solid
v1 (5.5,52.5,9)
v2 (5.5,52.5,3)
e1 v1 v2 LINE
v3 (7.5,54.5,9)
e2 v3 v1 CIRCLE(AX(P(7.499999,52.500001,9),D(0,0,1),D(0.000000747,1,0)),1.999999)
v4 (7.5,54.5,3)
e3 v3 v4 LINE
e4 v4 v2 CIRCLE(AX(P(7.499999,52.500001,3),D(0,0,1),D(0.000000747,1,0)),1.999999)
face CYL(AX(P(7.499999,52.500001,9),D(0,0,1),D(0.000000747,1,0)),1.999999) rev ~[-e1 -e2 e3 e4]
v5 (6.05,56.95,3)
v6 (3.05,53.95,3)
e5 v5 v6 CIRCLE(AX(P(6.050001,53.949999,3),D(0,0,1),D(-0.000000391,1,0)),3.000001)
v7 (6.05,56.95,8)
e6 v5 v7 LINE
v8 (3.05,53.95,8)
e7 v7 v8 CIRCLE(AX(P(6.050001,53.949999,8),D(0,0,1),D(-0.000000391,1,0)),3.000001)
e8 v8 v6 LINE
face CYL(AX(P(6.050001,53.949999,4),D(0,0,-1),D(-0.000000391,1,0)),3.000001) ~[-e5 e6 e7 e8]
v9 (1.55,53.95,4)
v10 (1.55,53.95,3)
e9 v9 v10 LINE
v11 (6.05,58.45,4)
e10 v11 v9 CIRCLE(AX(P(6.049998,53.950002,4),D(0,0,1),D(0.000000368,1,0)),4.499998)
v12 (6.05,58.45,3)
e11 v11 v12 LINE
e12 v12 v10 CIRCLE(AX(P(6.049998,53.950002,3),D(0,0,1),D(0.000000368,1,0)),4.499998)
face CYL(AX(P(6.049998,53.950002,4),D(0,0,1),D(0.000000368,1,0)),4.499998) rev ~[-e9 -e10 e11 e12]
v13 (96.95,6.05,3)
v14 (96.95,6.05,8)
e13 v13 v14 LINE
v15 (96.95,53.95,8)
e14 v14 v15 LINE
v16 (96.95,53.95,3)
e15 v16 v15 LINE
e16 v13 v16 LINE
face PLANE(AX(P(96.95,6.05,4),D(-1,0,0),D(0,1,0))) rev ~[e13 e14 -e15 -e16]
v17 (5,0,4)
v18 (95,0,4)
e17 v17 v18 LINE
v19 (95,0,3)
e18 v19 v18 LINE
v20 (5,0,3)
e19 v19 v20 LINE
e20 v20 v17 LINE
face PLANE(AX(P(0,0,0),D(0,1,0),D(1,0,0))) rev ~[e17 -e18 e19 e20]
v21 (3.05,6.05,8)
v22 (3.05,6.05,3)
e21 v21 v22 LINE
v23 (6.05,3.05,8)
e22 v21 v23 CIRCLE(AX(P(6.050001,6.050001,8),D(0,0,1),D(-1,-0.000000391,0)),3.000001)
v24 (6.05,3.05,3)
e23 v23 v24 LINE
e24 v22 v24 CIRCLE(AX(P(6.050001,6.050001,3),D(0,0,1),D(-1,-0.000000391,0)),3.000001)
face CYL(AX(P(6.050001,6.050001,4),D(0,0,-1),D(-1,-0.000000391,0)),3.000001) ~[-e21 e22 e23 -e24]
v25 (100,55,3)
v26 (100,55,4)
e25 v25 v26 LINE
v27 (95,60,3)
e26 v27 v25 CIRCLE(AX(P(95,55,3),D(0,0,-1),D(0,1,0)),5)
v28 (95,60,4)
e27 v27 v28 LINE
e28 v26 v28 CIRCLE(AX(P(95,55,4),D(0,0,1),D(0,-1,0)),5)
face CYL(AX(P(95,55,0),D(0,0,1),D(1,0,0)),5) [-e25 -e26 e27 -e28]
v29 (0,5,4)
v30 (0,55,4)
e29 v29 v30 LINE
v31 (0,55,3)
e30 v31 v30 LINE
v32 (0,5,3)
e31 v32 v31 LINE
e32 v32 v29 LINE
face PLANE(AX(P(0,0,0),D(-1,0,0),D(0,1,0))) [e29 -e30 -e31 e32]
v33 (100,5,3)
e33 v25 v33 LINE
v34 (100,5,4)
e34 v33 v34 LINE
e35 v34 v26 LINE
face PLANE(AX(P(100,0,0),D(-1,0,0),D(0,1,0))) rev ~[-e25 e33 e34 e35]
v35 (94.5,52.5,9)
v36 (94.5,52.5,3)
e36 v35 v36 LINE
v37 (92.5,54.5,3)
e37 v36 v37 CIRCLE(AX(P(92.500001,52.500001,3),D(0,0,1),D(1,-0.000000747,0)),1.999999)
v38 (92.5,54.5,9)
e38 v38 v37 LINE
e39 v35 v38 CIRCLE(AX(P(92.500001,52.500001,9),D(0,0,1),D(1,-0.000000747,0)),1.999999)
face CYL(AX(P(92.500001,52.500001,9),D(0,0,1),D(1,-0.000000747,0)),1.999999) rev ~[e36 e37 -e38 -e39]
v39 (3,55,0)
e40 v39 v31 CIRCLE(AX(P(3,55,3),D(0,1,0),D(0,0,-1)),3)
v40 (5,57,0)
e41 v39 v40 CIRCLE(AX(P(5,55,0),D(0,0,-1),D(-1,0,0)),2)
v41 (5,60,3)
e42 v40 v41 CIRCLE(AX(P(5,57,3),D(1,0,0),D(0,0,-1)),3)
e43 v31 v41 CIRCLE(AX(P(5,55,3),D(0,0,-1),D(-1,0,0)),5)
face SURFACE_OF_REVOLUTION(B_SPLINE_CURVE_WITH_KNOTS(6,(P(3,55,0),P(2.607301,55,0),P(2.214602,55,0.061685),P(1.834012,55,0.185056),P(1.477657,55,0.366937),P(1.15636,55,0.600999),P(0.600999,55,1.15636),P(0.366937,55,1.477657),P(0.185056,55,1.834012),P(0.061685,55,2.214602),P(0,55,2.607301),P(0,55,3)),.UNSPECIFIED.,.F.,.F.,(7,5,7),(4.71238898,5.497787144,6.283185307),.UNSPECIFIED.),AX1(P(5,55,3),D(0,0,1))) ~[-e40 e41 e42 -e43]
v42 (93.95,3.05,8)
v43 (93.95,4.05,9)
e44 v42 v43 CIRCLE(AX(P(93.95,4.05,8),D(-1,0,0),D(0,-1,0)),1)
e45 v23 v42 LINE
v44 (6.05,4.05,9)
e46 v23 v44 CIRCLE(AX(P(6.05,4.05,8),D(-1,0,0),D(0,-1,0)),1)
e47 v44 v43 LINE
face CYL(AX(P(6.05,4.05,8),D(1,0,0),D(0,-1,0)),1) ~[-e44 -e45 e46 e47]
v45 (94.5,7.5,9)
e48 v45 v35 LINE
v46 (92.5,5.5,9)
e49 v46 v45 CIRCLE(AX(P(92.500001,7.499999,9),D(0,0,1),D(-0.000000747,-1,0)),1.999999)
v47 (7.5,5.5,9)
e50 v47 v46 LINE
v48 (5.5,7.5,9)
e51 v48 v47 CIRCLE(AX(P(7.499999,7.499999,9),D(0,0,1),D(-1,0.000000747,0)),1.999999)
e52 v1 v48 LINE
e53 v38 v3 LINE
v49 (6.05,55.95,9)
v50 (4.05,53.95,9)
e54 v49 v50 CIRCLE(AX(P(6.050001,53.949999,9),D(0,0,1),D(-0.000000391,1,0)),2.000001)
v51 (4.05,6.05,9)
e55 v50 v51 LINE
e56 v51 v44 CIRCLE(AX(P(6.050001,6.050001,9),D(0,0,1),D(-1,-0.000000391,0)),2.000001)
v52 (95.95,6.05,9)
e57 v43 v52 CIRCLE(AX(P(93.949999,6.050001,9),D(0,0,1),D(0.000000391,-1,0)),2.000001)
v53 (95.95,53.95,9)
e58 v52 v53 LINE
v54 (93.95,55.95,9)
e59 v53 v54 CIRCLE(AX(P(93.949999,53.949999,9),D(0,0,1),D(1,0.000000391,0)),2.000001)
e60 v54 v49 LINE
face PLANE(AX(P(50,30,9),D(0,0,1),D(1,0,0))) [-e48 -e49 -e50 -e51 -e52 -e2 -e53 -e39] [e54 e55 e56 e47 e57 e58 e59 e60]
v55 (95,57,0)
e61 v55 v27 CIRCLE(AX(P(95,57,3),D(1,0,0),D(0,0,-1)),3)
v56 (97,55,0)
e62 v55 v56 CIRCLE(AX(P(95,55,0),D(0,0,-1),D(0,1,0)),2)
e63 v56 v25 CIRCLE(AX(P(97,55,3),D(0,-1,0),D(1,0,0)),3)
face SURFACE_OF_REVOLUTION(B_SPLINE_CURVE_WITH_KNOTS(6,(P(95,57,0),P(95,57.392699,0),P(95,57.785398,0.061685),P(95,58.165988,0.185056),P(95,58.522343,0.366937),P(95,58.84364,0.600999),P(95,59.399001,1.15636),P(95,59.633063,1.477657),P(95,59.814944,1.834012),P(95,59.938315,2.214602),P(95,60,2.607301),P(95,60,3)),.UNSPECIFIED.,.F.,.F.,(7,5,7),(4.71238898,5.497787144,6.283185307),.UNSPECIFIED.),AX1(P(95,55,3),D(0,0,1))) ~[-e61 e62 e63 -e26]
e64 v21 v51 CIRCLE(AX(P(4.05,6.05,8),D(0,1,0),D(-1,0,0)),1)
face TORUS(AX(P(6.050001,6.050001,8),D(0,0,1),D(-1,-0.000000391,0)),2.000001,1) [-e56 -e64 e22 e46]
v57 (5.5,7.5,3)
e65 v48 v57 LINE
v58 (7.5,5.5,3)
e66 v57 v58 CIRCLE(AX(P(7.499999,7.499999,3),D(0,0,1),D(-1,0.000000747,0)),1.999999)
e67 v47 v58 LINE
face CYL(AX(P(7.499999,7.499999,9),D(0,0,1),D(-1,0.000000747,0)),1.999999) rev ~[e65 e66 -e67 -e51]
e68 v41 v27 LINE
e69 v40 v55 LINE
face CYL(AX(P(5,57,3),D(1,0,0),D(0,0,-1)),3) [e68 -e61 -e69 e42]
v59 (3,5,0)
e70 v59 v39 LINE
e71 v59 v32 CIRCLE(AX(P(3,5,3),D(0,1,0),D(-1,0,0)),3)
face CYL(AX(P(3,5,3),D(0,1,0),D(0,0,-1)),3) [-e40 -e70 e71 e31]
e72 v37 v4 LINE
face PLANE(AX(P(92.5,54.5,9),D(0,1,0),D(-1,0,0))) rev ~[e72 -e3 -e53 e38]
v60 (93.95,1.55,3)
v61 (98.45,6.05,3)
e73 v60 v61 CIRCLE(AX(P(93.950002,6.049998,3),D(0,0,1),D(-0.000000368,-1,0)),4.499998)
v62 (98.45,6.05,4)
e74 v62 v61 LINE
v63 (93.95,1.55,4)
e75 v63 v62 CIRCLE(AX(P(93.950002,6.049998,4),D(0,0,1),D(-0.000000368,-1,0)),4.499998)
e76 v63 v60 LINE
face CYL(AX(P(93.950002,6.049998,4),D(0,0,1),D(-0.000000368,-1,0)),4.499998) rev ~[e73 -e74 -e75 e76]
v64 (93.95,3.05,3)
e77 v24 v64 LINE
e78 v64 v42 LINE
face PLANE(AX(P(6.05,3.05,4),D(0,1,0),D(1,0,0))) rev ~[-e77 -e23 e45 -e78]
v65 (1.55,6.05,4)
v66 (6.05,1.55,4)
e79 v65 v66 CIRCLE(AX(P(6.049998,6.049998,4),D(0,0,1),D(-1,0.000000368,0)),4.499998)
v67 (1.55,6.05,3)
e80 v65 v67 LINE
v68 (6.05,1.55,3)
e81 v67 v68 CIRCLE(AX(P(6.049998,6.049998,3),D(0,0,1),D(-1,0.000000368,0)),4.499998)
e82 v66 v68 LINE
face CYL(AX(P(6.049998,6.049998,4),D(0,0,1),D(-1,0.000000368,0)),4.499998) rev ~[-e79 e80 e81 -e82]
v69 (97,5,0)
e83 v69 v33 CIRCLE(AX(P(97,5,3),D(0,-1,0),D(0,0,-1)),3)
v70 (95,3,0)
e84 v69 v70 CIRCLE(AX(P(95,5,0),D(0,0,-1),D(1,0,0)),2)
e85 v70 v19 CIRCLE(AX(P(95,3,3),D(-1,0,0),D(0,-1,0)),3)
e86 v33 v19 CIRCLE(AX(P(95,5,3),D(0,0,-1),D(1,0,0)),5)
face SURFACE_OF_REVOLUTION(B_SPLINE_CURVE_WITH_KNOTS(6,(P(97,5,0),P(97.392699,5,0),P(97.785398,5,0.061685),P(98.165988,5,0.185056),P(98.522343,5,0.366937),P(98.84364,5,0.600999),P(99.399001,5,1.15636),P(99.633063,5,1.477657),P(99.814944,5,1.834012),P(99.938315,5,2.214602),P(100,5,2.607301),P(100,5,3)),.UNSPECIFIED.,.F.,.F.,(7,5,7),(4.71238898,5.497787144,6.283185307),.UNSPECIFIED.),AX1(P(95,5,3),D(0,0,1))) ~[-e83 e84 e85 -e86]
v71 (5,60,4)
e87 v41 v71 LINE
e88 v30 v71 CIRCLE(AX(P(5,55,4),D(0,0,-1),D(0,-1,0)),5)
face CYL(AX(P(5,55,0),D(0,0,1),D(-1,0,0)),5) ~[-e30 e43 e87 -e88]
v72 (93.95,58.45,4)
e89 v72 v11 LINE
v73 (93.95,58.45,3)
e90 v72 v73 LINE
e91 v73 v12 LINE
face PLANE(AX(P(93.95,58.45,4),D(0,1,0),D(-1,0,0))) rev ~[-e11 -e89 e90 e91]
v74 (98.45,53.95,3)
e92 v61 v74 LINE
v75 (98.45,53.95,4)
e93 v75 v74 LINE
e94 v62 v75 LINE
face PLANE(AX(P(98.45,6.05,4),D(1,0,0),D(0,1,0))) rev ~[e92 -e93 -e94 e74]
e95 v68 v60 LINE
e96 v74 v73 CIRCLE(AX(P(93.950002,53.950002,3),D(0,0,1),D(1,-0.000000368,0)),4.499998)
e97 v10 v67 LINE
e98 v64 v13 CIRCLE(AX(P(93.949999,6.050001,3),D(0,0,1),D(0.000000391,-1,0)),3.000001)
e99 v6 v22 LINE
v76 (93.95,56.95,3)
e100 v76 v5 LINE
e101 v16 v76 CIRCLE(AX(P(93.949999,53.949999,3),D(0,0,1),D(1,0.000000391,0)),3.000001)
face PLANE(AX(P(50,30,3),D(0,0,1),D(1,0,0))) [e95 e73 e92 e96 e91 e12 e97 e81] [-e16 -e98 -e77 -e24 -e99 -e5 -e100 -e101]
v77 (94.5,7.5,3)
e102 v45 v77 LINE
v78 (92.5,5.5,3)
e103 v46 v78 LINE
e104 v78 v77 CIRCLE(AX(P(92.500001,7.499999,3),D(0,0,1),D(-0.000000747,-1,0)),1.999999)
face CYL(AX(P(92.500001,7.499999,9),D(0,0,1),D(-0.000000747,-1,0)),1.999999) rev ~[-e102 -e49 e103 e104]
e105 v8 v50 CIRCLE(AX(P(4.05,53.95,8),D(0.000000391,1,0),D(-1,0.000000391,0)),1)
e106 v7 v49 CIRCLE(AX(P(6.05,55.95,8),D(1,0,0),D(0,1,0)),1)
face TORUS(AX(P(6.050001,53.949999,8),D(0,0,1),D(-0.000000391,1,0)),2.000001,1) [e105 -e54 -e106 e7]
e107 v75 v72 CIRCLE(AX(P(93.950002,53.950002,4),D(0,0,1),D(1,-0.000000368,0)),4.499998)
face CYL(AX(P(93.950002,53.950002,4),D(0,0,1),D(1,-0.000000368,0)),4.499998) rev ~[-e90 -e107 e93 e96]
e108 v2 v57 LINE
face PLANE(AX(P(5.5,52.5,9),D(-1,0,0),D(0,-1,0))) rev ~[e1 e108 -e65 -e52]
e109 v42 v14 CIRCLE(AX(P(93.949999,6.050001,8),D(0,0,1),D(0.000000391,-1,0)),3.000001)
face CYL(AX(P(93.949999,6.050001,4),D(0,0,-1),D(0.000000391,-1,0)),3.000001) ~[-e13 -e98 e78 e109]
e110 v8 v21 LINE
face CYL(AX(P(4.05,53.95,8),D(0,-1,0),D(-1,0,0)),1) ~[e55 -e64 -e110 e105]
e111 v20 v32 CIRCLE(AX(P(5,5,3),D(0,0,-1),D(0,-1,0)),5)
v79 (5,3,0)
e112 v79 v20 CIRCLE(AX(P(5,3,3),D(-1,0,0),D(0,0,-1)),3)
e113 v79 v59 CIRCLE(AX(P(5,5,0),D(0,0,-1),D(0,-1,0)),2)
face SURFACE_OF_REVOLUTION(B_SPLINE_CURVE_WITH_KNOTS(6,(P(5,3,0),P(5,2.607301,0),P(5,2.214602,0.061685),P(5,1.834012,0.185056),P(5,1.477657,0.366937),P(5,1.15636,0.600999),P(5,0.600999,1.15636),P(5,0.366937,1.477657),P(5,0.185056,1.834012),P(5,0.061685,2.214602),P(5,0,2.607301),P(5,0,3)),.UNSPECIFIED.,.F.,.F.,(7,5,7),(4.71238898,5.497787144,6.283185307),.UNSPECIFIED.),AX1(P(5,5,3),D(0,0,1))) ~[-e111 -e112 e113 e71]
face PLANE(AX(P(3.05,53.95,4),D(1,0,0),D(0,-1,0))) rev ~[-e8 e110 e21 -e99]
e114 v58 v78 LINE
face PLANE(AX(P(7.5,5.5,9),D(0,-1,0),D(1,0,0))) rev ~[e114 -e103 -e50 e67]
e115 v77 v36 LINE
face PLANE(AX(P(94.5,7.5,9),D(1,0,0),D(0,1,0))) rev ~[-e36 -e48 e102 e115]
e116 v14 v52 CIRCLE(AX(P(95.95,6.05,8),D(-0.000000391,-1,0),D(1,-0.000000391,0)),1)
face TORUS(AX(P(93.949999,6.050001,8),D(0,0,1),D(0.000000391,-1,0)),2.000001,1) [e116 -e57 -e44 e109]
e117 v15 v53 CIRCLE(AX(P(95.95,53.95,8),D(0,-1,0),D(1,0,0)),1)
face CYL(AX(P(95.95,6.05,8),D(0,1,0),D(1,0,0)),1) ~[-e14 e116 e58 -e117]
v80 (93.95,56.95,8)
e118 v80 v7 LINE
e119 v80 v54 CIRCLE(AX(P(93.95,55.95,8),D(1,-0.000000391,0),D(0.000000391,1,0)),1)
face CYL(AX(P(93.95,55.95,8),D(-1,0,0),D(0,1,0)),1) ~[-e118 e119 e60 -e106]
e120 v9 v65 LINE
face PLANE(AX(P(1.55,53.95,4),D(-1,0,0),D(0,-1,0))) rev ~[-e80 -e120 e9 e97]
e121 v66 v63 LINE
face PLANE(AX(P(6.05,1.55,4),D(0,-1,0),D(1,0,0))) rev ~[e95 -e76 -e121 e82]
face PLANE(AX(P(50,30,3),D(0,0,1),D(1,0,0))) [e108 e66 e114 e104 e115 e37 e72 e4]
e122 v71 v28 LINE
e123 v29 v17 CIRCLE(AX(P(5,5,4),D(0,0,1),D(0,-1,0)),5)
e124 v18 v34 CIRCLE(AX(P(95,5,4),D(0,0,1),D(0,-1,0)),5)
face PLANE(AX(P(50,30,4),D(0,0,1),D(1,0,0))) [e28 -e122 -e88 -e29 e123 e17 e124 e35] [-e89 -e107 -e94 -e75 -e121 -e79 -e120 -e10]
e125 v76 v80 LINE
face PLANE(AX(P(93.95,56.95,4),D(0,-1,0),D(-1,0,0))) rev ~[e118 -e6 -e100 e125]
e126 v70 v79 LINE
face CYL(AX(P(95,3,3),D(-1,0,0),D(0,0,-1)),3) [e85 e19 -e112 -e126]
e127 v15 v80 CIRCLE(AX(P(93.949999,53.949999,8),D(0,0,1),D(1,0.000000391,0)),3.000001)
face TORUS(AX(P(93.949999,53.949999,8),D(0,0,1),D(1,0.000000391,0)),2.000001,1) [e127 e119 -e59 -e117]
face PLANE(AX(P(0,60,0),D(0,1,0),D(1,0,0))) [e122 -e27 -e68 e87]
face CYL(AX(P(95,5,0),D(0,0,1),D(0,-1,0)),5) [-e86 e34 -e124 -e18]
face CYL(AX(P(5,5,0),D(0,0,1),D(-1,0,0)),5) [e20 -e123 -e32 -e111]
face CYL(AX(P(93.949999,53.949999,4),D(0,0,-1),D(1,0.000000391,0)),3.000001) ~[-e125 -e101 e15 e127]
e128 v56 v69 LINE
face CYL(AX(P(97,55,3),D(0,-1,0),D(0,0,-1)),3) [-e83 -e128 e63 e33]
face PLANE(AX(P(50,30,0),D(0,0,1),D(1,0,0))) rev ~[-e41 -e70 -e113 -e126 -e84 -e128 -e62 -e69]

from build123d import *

# Parameters (mm, degrees)
SKETCH_W        = 100
SKETCH_H        = 60
PAD_DEPTH       = 4
FILLET_R        = 5
FILLET001_R     = 3
POCKET001_DEPTH = 1
PAD001_DEPTH    = 5
POCKET_DEPTH    = 6
FILLET002_R     = 1


with BuildPart() as part:
    # Sketch → Pad (new body)
    with BuildSketch(Plane.XY):
        with Locations((50, 30)):
            Rectangle(SKETCH_W, SKETCH_H)
    extrude(amount=PAD_DEPTH)

    # Fillet
    fillet_edges = [part.edges().sort_by_distance(p)[0] for p in [
        (100, 0, 2),
        (0, 0, 2),
        (100, 60, 2),
        (0, 60, 2),
    ]]
    fillet(fillet_edges, radius=FILLET_R)

    # Fillet001
    fillet001_edges = [part.edges().sort_by_distance(p)[0] for p in [
        (50, 60, 0),
    ]]
    fillet(fillet001_edges, radius=FILLET001_R)

    # Sketch008 (on Face6 of Pad) → Pocket001 (cut)
    with BuildSketch(Plane.XY.offset(4)):
        with BuildLine():
            Line((6.05, 1.55), (93.95, 1.55))
            ThreePointArc((93.95, 1.55), (97.131981, 2.868019), (98.45, 6.05))
            Line((98.45, 6.05), (98.45, 53.95))
            ThreePointArc((98.45, 53.95), (97.131981, 57.131981), (93.95, 58.45))
            Line((93.95, 58.45), (6.05, 58.45))
            ThreePointArc((6.05, 58.45), (2.868019, 57.131981), (1.55, 53.95))
            Line((1.55, 53.95), (1.55, 6.05))
            ThreePointArc((1.55, 6.05), (2.868019, 2.868019), (6.05, 1.55))
        make_face()
        with BuildLine():
            Line((6.05, 3.05), (93.95, 3.05))
            ThreePointArc((93.95, 3.05), (96.07132, 3.92868), (96.95, 6.05))
            Line((96.95, 6.05), (96.95, 53.95))
            ThreePointArc((96.95, 53.95), (96.07132, 56.07132), (93.95, 56.95))
            Line((93.95, 56.95), (6.05, 56.95))
            ThreePointArc((6.05, 56.95), (3.92868, 56.07132), (3.05, 53.95))
            Line((3.05, 53.95), (3.05, 6.05))
            ThreePointArc((3.05, 6.05), (3.92868, 3.92868), (6.05, 3.05))
        make_face(mode=Mode.SUBTRACT)
    extrude(amount=-POCKET001_DEPTH, mode=Mode.SUBTRACT)

    # Sketch001 (on Face6 of Pad) → Pad001 (join)
    with BuildSketch(Plane.XY.offset(4)):
        with BuildLine():
            Line((6.05, 3.05), (93.95, 3.05))
            ThreePointArc((93.95, 3.05), (96.07132, 3.92868), (96.95, 6.05))
            Line((96.95, 6.05), (96.95, 53.95))
            ThreePointArc((96.95, 53.95), (96.07132, 56.07132), (93.95, 56.95))
            Line((93.95, 56.95), (6.05, 56.95))
            ThreePointArc((6.05, 56.95), (3.92868, 56.07132), (3.05, 53.95))
            Line((3.05, 53.95), (3.05, 6.05))
            ThreePointArc((3.05, 6.05), (3.92868, 3.92868), (6.05, 3.05))
        make_face()
    extrude(amount=PAD001_DEPTH)

    # Sketch009 (on Face44 of Pad001) → Pocket (cut)
    with BuildSketch(Plane.XY.offset(9)):
        with BuildLine():
            Line((7.5, 5.5), (92.5, 5.5))
            ThreePointArc((92.5, 5.5), (93.914214, 6.085786), (94.5, 7.5))
            Line((94.5, 7.5), (94.5, 52.5))
            ThreePointArc((94.5, 52.5), (93.914214, 53.914214), (92.5, 54.5))
            Line((92.5, 54.5), (7.5, 54.5))
            ThreePointArc((7.5, 54.5), (6.085786, 53.914214), (5.5, 52.5))
            Line((5.5, 52.5), (5.5, 7.5))
            ThreePointArc((5.5, 7.5), (6.085786, 6.085786), (7.5, 5.5))
        make_face()
    extrude(amount=-POCKET_DEPTH, mode=Mode.SUBTRACT)

    # Fillet002
    fillet002_edges = [part.edges().sort_by_distance(p)[0] for p in [
        (50, 3.05, 9),
    ]]
    fillet(fillet002_edges, radius=FILLET002_R)


solid = part.part
